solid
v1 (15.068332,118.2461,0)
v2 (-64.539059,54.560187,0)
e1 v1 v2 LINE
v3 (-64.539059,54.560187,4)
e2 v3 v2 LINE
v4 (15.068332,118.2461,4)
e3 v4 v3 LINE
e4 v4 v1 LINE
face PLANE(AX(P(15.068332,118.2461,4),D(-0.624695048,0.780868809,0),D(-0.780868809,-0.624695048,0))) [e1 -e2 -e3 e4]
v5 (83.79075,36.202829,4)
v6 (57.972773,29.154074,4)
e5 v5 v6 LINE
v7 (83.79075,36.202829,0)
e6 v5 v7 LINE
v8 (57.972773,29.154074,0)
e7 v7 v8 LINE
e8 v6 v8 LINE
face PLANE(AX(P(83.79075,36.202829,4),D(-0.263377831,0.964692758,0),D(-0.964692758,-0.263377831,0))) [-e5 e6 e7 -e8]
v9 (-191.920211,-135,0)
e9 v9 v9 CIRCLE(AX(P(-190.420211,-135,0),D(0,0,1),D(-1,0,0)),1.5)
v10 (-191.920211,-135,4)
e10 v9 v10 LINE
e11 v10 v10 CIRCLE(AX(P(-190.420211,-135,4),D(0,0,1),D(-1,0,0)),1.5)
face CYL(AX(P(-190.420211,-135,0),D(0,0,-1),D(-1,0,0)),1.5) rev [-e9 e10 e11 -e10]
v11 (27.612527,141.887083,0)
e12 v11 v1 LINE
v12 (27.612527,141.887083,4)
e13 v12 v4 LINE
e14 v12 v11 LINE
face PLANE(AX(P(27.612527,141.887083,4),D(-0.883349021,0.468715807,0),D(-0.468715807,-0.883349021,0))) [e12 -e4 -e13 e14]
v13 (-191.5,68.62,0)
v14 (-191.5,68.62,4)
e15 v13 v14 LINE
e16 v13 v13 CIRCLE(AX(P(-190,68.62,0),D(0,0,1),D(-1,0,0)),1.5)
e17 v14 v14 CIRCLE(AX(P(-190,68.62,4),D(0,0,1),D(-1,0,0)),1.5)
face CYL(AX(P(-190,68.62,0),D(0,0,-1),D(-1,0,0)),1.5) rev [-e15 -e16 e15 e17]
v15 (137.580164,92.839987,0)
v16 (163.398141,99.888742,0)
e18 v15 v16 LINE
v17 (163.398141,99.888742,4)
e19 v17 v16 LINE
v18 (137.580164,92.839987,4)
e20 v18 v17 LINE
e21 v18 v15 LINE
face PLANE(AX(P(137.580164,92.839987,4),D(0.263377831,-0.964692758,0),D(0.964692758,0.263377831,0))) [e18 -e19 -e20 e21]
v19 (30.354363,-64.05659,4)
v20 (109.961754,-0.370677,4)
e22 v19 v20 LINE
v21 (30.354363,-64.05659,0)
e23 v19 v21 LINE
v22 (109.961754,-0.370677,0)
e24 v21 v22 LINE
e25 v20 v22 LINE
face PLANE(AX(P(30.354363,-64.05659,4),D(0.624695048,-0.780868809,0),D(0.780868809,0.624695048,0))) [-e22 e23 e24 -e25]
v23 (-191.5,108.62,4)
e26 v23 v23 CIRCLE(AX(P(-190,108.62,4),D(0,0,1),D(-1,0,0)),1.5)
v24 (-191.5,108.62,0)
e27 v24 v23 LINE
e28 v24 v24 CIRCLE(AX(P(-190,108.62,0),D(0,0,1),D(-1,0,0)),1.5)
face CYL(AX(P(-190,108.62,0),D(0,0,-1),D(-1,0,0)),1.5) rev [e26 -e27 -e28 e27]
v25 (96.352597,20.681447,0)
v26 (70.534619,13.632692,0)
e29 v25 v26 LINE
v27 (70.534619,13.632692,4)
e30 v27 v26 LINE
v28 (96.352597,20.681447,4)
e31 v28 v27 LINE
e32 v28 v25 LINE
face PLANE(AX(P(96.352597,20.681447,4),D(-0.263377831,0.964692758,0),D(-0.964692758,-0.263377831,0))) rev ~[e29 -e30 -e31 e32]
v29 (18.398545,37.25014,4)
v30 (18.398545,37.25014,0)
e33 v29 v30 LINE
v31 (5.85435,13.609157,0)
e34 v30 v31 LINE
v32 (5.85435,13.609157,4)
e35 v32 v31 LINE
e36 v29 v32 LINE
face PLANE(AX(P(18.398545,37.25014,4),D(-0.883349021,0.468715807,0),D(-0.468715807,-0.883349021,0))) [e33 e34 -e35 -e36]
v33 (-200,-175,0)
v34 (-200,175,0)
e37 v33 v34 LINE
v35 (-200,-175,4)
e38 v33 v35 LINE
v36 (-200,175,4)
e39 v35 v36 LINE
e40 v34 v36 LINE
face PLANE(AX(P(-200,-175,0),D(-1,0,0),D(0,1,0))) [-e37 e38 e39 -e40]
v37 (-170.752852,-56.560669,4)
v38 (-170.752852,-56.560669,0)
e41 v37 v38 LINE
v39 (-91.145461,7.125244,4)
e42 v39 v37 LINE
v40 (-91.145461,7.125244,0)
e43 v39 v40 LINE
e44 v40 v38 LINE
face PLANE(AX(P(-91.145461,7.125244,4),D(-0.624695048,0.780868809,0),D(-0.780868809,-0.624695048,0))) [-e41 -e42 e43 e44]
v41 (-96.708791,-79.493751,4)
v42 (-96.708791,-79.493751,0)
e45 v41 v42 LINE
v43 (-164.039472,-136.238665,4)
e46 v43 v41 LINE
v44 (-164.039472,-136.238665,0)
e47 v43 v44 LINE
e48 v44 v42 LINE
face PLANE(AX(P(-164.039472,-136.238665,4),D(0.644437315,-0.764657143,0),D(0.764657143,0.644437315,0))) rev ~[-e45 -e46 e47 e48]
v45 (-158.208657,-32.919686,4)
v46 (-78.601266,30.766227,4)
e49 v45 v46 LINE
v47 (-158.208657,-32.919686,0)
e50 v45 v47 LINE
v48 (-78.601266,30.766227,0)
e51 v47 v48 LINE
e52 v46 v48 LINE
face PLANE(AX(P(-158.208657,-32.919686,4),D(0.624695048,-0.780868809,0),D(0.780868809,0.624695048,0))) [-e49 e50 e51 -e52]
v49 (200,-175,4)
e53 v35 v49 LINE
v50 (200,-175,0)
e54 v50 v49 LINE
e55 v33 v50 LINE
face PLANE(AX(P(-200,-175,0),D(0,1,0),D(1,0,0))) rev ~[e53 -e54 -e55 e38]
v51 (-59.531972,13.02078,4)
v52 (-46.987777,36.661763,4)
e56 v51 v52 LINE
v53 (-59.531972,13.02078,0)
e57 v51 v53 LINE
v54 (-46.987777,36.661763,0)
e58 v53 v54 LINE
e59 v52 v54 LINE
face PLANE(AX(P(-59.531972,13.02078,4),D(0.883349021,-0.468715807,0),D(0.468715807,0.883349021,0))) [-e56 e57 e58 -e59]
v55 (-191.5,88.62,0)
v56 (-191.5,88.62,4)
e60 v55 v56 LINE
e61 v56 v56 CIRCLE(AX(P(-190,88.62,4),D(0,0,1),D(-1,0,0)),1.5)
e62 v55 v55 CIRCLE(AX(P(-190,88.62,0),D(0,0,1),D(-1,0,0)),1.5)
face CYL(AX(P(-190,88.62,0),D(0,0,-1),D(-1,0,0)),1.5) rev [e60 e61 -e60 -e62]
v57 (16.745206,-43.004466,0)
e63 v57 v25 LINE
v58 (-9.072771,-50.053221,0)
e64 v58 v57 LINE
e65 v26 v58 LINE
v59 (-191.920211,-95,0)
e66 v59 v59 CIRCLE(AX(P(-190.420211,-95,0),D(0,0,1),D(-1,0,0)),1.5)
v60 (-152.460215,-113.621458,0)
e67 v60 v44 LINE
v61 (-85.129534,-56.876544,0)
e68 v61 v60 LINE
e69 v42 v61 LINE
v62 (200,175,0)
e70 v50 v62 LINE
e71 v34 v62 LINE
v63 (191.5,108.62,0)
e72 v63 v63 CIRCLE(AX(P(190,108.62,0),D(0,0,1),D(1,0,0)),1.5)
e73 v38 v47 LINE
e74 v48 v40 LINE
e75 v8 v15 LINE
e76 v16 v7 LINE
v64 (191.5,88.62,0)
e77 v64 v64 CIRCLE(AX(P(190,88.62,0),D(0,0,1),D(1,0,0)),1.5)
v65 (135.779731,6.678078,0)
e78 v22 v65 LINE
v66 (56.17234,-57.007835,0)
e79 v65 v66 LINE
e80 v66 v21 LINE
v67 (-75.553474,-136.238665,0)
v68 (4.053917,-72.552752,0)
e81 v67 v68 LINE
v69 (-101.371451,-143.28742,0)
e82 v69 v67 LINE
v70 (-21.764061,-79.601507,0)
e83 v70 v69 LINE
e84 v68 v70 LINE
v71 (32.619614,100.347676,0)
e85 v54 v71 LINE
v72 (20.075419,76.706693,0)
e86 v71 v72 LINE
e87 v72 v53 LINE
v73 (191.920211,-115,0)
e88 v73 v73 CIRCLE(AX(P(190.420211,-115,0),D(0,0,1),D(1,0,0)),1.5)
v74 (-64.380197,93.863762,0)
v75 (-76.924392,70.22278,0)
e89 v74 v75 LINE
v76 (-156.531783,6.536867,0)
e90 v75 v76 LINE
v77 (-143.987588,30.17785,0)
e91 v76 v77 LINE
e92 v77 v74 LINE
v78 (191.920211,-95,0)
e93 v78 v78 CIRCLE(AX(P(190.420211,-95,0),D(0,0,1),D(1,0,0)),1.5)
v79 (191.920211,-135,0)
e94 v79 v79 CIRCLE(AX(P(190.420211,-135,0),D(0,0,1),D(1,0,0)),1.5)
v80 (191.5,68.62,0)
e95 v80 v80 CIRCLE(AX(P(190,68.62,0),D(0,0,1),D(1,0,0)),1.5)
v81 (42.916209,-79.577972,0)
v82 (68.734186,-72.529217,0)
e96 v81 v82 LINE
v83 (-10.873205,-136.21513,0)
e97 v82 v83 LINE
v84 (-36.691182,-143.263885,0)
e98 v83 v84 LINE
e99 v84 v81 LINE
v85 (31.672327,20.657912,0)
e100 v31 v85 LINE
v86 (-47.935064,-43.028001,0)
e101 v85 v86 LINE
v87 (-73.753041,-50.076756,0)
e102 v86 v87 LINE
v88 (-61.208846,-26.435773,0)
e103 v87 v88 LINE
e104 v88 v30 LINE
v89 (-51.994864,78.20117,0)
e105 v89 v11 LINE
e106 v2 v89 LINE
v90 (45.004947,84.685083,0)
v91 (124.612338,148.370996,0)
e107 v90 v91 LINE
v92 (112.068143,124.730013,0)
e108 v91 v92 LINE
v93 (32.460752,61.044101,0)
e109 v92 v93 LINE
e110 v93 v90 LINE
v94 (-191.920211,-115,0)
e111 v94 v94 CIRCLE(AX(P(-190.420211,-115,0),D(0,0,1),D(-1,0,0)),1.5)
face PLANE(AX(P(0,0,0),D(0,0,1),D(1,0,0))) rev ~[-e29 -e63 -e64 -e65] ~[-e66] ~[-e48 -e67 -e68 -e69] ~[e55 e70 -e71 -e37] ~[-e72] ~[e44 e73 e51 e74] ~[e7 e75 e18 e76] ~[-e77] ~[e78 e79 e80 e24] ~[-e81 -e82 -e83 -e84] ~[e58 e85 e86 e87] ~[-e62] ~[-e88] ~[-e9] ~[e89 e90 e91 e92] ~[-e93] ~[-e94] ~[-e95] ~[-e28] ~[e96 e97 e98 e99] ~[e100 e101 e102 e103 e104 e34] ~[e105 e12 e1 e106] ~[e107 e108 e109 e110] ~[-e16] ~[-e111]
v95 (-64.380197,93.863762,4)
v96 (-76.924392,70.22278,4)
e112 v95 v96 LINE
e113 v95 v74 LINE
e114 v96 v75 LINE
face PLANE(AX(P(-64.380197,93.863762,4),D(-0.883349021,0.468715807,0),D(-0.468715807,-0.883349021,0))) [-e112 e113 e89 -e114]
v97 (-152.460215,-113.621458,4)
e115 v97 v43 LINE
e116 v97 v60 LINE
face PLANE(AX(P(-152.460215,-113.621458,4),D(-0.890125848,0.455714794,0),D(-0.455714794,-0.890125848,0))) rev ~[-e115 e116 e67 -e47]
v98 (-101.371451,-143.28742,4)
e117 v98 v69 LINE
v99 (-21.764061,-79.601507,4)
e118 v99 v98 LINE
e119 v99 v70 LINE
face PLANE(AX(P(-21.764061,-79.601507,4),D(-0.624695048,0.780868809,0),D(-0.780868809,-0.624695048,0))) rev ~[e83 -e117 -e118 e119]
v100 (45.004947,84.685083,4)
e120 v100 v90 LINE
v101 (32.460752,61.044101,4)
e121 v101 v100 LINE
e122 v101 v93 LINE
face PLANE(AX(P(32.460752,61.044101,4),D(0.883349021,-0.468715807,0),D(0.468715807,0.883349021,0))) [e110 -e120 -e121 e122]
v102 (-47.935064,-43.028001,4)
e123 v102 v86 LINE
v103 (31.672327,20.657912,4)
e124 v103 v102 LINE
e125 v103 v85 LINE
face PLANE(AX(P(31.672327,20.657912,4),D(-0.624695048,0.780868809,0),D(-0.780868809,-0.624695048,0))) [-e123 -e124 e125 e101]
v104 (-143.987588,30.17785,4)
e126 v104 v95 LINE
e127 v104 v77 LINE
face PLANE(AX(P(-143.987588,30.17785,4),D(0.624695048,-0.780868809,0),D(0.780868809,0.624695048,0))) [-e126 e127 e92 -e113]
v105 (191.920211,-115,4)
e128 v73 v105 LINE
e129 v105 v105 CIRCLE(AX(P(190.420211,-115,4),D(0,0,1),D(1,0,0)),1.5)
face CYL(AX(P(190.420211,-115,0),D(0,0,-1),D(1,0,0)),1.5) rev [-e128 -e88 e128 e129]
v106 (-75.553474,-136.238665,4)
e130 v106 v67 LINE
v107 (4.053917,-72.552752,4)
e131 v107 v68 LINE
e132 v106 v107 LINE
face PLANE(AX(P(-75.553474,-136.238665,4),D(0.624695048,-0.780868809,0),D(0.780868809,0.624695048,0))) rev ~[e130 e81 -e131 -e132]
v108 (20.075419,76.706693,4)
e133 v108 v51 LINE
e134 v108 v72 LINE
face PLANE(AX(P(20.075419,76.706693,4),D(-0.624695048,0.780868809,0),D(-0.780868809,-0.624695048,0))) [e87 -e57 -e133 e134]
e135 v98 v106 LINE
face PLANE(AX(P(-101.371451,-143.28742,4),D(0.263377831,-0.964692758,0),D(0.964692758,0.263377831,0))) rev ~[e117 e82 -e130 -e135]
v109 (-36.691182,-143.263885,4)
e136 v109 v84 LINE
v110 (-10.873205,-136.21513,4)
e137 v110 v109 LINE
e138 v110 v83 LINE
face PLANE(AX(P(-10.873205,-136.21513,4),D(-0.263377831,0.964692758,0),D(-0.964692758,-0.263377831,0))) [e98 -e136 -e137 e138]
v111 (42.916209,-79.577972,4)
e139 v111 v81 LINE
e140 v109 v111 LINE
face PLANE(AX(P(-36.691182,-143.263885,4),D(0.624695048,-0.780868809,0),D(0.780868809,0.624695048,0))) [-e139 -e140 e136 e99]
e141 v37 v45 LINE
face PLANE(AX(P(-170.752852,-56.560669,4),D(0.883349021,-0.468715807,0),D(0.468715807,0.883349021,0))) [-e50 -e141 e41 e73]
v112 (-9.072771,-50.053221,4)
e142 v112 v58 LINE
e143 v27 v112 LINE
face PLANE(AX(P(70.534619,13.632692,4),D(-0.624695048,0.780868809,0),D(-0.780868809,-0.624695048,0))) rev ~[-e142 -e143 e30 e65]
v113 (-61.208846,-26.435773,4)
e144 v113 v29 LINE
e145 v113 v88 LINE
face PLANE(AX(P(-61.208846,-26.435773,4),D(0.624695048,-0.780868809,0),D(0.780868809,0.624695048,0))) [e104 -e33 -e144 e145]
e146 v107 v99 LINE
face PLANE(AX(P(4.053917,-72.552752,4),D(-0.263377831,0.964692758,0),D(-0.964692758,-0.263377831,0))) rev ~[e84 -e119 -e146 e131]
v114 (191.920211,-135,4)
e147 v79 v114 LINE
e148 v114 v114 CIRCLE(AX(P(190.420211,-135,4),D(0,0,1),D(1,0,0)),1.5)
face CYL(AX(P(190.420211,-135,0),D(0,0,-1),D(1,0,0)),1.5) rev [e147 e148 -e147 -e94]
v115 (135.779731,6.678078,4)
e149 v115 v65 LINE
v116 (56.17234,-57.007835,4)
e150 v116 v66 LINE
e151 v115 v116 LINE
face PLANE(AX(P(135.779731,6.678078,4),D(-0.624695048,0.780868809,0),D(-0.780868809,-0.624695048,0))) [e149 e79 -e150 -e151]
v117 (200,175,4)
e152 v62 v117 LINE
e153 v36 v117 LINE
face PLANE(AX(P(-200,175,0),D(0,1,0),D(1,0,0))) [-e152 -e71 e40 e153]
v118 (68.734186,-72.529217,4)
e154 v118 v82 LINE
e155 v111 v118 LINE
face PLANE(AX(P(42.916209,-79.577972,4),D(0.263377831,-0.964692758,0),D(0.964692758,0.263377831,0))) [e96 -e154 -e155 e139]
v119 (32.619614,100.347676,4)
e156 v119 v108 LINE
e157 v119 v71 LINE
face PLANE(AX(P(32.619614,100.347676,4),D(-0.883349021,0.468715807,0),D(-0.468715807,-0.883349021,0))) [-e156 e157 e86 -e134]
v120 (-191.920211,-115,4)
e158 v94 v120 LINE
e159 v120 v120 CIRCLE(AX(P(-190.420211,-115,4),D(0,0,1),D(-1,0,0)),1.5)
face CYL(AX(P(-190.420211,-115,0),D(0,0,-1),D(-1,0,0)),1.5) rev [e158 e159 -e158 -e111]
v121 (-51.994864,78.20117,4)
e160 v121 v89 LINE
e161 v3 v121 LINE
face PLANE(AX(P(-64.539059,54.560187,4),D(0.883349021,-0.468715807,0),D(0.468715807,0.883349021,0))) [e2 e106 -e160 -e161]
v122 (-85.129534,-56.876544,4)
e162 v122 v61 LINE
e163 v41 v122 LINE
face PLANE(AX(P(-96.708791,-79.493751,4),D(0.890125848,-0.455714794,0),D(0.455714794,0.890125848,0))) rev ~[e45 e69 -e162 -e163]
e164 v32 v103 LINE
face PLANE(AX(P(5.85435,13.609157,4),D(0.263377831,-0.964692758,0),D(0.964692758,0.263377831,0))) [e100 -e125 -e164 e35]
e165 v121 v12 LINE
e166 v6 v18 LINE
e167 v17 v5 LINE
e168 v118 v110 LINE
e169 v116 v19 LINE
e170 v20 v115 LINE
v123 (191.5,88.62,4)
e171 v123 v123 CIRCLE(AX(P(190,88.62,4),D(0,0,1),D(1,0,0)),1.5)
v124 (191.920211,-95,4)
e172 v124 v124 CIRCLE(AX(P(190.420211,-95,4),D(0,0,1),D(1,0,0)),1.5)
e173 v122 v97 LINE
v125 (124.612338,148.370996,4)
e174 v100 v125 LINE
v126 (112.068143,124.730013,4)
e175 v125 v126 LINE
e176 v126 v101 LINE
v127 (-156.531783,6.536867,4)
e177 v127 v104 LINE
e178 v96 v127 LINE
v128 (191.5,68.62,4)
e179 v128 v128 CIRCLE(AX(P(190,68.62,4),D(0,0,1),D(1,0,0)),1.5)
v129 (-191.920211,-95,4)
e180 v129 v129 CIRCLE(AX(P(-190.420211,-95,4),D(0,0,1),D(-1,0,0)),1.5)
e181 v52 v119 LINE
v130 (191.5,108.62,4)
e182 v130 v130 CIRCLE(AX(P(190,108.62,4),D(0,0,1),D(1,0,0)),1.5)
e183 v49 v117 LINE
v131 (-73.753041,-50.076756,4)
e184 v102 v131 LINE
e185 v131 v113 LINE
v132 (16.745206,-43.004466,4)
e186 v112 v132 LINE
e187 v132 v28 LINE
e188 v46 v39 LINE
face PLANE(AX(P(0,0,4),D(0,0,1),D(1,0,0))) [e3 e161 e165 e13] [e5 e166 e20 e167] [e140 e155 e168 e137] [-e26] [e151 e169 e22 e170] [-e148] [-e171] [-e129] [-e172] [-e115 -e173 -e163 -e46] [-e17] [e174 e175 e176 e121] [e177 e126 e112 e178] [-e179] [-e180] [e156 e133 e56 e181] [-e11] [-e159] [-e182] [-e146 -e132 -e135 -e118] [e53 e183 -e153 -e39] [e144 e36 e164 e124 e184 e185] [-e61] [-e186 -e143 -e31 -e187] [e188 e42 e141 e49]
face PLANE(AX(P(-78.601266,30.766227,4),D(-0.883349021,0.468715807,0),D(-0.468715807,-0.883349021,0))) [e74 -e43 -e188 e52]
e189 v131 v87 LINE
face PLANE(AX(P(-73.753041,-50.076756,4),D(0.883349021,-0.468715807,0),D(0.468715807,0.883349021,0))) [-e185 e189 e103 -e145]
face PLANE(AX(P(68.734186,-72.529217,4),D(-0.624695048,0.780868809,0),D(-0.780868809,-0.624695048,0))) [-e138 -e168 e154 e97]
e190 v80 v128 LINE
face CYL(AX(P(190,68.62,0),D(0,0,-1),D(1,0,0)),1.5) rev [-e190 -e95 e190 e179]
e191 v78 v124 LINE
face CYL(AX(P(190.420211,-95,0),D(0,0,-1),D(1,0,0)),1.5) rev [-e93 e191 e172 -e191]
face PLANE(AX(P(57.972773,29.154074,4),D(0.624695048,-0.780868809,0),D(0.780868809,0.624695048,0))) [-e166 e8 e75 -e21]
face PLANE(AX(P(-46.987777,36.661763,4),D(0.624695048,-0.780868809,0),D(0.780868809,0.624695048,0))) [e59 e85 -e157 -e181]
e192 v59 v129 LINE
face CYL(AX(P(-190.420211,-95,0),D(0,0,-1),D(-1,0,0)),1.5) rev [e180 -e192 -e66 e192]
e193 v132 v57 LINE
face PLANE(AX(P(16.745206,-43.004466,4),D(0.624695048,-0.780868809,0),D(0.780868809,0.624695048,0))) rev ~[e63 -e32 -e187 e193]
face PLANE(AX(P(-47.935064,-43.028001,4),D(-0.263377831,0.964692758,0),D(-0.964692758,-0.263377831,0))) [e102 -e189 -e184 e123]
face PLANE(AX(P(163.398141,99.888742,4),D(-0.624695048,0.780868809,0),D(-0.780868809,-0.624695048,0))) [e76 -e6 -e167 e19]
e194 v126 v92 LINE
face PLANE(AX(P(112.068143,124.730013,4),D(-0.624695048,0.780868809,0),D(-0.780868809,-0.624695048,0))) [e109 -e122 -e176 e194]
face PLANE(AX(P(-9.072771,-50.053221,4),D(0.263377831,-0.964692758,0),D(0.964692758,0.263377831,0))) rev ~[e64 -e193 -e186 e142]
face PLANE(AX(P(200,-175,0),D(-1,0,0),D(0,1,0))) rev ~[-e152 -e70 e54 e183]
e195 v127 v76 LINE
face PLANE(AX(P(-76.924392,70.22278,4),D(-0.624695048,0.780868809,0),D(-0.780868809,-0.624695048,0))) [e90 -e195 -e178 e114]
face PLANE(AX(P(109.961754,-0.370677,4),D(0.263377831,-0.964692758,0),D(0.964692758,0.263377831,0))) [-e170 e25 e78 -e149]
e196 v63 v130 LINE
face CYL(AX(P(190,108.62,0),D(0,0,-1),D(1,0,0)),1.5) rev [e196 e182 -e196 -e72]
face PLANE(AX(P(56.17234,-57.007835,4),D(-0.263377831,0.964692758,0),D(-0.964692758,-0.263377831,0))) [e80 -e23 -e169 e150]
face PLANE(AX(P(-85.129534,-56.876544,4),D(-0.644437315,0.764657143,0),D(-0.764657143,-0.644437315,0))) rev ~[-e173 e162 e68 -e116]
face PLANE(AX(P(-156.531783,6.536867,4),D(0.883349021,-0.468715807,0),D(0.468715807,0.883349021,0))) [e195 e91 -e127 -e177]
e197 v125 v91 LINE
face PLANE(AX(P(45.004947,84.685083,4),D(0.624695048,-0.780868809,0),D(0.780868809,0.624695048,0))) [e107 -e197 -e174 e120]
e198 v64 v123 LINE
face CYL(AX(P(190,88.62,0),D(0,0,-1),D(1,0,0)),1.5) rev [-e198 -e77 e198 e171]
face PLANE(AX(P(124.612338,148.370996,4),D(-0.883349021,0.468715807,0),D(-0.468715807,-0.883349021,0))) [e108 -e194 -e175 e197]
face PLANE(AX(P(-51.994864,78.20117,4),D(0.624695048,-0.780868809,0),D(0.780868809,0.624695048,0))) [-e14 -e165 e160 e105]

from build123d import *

# Parameters (mm, degrees)
SKETCH1_W           = 400
SKETCH1_H           = 350
SKETCH1_R           = 1.5
BOSS_EXTRUDE1_DEPTH = 4
CUT_EXTRUDE1_DEPTH  = 10


with BuildPart() as part:
    # Sketch1 → Boss-Extrude1 (new body)
    with BuildSketch(Plane.XY):
        Rectangle(SKETCH1_W, SKETCH1_H)
        with Locations((190.420210886, -135)):
            Circle(SKETCH1_R, mode=Mode.SUBTRACT)
        with Locations((190.420210886, -115)):
            Circle(SKETCH1_R, mode=Mode.SUBTRACT)
        with Locations((190.420210886, -95)):
            Circle(SKETCH1_R, mode=Mode.SUBTRACT)
        with Locations((190, 68.62)):
            Circle(SKETCH1_R, mode=Mode.SUBTRACT)
        with Locations((190, 88.62)):
            Circle(SKETCH1_R, mode=Mode.SUBTRACT)
        with Locations((190, 108.62)):
            Circle(SKETCH1_R, mode=Mode.SUBTRACT)
        with Locations(Location((-190.420210886, -135, 0), (0, 0, 180))):
            Circle(SKETCH1_R, mode=Mode.SUBTRACT)
        with Locations(Location((-190.420210886, -95, 0), (0, 0, 180))):
            Circle(SKETCH1_R, mode=Mode.SUBTRACT)
        with Locations(Location((-190.420210886, -115, 0), (0, 0, 180))):
            Circle(SKETCH1_R, mode=Mode.SUBTRACT)
        with Locations(Location((-190, 68.62, 0), (0, 0, 180))):
            Circle(SKETCH1_R, mode=Mode.SUBTRACT)
        with Locations(Location((-190, 88.62, 0), (0, 0, 180))):
            Circle(SKETCH1_R, mode=Mode.SUBTRACT)
        with Locations(Location((-190, 108.62, 0), (0, 0, 180))):
            Circle(SKETCH1_R, mode=Mode.SUBTRACT)
    extrude(amount=BOSS_EXTRUDE1_DEPTH)

    # Sketch2 → Cut-Extrude1 (cut)
    with BuildSketch(Plane.XY.offset(4)):
        Polygon((-76.924392285, 70.222779709), (-156.531783107, 6.536867051), (-143.98758819, 30.17784978), (-64.380197367, 93.863762438), align=None)
        Polygon((15.0683317, 118.246100027), (-64.539059123, 54.560187369), (-51.994864205, 78.201170098), (27.612526617, 141.887082756), align=None)
        Polygon((20.075418883, 76.706692842), (-59.53197194, 13.020780184), (-46.987777022, 36.661762913), (32.6196138, 100.347675571), align=None)
        Polygon((112.068142867, 124.730013159), (32.460752045, 61.044100501), (45.004946962, 84.685083231), (124.612337785, 148.370995889), align=None)
        Polygon((163.398141207, 99.888741611), (83.790750385, 36.202828953), (57.972773228, 29.154074023), (137.580164051, 92.839986681), align=None)
        Polygon((5.854349879, 13.609157056), (-73.753040943, -50.076755602), (-61.208846026, -26.435772873), (18.398544797, 37.250139785), align=None)
        Polygon((31.672327036, 20.657911987), (-47.935063786, -43.028000671), (-73.753040943, -50.076755602), (5.854349879, 13.609157056), align=None)
        Polygon((135.779730821, 6.678077501), (56.172339999, -57.007835157), (30.354362842, -64.056590088), (109.961753665, -0.37067743), align=None)
        Polygon((68.734186222, -72.529217049), (-10.8732046, -136.215129707), (-36.691181757, -143.263884637), (42.916209066, -79.577971979), align=None)
        Polygon((-91.145461288, 7.125243924), (-170.752852111, -56.560668734), (-158.208657193, -32.919686005), (-78.601266371, 30.766226653), align=None)
        Polygon((70.534619452, 13.632692131), (-9.072771371, -50.053220527), (16.745205786, -43.004465597), (96.352596608, 20.681447061), align=None)
        Polygon((-21.764060506, -79.601507054), (-101.371451329, -143.287419712), (-75.553474172, -136.238664782), (4.05391665, -72.552752124), align=None)
        Polygon((-85.129533688, -56.876544129), (-152.460215151, -113.62145781), (-164.039471998, -136.238664782), (-96.708790535, -79.493751101), align=None)
    extrude(amount=-CUT_EXTRUDE1_DEPTH, mode=Mode.SUBTRACT)


solid = part.part
